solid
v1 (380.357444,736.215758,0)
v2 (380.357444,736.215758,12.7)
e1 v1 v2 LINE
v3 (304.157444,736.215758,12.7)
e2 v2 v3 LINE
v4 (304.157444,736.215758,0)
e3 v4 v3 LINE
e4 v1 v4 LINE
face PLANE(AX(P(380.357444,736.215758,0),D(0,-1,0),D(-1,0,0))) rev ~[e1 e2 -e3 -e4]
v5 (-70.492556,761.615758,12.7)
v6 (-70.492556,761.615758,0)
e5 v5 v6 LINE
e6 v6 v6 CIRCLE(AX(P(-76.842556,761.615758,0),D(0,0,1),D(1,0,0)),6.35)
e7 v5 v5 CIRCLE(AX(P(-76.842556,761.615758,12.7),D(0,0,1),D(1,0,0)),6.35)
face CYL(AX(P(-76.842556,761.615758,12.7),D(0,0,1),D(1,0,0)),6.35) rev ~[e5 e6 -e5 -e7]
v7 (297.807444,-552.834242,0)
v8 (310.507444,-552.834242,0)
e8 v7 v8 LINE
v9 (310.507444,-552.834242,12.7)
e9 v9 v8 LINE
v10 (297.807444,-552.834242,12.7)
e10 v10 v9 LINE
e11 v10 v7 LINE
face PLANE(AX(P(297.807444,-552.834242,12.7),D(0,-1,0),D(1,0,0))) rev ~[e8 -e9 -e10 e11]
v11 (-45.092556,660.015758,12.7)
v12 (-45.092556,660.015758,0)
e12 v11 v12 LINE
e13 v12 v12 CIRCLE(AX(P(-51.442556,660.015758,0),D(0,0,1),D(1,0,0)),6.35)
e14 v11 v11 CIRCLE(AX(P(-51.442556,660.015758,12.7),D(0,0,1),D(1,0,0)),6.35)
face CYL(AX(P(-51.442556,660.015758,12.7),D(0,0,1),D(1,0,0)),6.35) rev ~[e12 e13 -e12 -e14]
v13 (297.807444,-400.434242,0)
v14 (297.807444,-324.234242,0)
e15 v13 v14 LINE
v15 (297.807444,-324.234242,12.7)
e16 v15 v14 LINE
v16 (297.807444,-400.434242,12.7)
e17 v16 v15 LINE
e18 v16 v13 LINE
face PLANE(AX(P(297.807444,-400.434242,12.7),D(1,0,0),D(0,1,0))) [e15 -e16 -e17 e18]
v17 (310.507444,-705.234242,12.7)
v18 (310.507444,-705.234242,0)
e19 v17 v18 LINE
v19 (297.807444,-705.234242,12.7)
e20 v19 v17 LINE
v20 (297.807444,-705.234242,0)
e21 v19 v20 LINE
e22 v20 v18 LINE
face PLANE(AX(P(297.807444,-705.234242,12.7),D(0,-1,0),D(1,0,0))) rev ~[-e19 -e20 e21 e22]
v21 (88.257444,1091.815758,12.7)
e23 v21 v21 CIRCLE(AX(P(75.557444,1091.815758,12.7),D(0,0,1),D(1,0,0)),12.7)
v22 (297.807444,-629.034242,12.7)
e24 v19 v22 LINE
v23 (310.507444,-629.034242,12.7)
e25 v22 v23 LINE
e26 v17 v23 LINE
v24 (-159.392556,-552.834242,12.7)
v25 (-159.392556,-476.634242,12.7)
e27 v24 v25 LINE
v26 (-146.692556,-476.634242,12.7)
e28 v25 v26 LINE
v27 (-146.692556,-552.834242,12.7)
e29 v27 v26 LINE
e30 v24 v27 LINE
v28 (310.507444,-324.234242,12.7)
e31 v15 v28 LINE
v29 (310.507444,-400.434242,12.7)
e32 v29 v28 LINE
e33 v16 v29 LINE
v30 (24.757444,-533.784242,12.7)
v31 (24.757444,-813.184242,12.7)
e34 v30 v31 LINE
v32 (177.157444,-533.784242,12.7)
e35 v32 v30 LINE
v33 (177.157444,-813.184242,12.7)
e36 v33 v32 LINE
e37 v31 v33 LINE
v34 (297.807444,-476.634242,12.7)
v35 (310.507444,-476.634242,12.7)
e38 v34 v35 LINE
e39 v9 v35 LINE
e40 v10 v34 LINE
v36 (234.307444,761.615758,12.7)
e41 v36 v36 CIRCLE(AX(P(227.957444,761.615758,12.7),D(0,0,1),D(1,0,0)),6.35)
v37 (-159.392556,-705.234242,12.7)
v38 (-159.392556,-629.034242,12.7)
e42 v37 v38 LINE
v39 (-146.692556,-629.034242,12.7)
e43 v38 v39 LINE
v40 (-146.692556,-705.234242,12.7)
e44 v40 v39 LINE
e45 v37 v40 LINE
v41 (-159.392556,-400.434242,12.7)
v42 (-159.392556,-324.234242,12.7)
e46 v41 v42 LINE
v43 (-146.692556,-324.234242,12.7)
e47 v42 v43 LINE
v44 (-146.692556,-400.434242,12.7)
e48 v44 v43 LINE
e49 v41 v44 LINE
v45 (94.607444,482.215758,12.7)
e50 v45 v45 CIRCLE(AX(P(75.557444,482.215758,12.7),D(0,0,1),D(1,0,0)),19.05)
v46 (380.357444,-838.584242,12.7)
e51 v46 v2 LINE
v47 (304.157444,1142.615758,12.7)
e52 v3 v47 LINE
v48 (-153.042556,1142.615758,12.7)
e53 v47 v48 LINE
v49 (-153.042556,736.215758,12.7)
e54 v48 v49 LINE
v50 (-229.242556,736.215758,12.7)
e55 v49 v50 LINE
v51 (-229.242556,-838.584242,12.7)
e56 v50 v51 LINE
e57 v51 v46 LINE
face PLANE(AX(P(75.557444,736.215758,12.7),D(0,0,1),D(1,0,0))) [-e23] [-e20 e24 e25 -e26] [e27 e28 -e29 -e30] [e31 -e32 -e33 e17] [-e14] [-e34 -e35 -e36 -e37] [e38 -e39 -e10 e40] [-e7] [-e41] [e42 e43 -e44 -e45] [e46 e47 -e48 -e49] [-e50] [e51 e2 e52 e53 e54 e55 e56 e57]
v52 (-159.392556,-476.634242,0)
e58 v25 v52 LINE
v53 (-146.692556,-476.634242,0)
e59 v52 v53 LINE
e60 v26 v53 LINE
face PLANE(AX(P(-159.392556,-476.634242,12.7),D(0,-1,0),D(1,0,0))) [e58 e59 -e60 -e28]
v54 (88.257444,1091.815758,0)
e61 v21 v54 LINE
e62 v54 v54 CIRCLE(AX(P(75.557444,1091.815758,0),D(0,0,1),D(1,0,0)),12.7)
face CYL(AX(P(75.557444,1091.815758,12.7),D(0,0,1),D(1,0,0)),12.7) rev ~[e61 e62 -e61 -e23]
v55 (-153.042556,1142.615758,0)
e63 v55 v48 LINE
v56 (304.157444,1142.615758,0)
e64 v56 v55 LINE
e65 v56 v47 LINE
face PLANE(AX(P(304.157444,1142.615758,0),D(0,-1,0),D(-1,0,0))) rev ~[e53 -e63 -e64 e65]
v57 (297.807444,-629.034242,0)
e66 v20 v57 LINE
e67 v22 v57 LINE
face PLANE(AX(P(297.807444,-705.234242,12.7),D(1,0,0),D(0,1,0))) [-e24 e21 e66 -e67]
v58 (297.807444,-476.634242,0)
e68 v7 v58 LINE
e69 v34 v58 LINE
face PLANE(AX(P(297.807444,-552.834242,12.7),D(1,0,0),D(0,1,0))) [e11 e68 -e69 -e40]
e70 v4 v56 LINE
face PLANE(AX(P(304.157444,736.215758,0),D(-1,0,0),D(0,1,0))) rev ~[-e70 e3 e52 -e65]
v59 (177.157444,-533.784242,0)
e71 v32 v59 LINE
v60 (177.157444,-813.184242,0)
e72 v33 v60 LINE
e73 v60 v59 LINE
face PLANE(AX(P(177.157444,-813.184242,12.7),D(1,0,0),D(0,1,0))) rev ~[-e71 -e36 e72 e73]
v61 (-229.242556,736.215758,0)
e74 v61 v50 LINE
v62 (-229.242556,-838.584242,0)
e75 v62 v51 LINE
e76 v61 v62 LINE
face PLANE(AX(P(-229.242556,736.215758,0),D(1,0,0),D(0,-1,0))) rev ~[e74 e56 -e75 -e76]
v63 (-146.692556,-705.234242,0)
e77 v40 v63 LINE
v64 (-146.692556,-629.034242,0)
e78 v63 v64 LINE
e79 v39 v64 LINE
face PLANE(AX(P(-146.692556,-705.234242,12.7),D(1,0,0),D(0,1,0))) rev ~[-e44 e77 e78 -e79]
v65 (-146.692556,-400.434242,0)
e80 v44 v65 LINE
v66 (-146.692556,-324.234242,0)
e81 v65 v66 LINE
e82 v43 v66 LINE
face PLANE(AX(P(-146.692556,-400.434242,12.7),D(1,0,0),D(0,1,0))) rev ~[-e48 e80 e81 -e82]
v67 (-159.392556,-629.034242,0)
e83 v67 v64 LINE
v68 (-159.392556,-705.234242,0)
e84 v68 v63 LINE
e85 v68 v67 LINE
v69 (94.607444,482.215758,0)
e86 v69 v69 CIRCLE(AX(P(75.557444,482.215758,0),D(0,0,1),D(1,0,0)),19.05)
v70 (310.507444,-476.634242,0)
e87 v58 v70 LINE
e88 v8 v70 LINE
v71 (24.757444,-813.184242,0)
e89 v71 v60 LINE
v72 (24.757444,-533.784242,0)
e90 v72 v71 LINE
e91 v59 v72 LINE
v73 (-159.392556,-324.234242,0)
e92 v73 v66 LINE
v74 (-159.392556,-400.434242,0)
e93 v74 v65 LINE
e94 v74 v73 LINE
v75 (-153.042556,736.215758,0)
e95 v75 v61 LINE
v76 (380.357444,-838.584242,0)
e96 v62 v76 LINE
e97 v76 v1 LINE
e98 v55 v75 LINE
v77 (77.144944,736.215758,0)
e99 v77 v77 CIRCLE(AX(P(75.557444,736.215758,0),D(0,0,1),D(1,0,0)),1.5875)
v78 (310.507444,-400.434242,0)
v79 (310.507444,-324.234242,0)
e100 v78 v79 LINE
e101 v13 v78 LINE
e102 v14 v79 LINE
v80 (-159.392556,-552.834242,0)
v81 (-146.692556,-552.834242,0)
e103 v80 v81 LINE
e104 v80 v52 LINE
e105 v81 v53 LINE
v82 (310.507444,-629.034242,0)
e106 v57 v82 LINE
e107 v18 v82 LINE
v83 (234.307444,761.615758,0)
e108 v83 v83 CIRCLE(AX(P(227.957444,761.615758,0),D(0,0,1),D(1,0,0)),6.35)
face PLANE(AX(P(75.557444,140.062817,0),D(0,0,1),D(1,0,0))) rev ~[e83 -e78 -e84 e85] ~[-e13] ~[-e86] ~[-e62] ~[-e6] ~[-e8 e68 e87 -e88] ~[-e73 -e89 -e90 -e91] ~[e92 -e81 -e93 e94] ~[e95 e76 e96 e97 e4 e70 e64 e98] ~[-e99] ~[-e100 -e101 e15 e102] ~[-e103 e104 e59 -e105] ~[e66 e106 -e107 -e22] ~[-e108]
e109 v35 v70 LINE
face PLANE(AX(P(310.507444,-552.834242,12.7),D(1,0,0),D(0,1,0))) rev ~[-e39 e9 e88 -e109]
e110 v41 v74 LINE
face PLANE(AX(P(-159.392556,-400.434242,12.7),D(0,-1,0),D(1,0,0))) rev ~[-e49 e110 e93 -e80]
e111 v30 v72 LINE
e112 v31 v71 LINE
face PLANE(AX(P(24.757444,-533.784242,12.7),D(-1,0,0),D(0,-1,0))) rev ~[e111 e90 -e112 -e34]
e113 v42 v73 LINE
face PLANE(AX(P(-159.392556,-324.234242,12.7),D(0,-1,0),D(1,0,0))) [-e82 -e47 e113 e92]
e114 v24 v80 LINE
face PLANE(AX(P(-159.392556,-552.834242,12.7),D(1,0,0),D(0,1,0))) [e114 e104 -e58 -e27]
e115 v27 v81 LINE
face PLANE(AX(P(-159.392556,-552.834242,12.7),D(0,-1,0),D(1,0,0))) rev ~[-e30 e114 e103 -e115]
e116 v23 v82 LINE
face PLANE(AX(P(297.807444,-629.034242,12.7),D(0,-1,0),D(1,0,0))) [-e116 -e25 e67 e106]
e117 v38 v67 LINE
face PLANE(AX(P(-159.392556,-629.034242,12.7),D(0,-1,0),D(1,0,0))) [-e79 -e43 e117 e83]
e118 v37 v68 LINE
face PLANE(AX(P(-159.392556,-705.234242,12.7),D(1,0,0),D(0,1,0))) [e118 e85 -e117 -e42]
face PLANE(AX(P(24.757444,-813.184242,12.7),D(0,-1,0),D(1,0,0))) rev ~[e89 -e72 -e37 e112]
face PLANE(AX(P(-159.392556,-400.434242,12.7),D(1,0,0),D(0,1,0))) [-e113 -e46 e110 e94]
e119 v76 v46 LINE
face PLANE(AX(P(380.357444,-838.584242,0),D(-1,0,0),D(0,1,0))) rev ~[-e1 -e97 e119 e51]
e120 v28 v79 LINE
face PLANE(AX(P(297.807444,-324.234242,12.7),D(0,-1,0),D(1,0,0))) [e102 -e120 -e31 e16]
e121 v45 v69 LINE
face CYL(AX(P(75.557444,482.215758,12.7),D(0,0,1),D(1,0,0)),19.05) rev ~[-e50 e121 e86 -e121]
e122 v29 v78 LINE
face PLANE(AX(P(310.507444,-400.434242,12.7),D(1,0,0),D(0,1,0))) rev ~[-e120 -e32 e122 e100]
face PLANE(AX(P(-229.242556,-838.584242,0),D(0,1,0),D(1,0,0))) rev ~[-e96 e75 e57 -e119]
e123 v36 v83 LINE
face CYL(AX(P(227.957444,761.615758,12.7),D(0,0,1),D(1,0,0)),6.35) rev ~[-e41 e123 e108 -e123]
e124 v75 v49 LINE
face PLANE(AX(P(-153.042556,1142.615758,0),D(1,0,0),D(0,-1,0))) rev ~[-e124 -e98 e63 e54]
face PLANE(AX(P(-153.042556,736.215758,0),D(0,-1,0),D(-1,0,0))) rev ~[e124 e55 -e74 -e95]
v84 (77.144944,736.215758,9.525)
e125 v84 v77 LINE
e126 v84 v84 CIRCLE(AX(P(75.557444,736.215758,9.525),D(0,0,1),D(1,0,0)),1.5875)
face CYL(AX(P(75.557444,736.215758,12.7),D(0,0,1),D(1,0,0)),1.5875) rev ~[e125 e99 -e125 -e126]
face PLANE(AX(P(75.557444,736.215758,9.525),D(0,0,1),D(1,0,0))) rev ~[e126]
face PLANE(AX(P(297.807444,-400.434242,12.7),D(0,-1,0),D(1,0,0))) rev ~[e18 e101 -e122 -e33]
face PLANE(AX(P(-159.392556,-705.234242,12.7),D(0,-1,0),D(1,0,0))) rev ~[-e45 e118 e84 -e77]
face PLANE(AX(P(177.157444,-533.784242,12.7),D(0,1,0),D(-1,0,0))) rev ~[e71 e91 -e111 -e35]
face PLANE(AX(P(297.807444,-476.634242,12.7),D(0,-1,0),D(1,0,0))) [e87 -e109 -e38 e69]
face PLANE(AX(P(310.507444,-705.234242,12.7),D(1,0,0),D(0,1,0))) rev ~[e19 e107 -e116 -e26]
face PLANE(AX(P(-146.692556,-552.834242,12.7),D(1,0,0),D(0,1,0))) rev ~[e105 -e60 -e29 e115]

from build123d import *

# Parameters (mm, degrees)
F1_DEPTH = 12.7
F2_R     = 12.7
F3_DEPTH = 19.05
F4_W     = 12.7
F4_H     = 76.2
F4_R     = 6.35
F4_R_2   = 1.5875
F4_R_3   = 19.05
F5_DEPTH = 19.05
F6_DEPTH = 12.7
F7_R     = 1.5875
F8_DEPTH = 3.175


with BuildPart() as f1:
    # F0 (on Top) → F1 (new body)
    with BuildSketch(Plane.XY):
        Polygon((304.157444, 1142.615758), (-153.042556, 1142.615758), (-153.042556, 736.215758), (-229.242556, 736.215758), (-229.242556, -838.584242), (-63.805879, -838.584242), (380.357444, -838.584242), (380.357444, 736.215758), (304.157444, 736.215758), align=None)
    extrude(amount=F1_DEPTH)

    # F2 (on face) → F3 (cut)
    with BuildSketch(Plane.XY.offset(12.7)):
        Polygon((177.157444, -533.784242), (126.357444, -533.784242), (24.757444, -533.784242), (24.757444, -813.184242), (126.357444, -813.184242), (177.157444, -813.184242), align=None)
        with Locations((75.557444, 1091.815758)):
            Circle(F2_R)
    extrude(amount=-F3_DEPTH, mode=Mode.SUBTRACT)

    # F4 (on face) → F5 (cut)
    with BuildSketch(Plane.XY.offset(12.7)):
        with Locations((-153.042556, -667.134242)):
            Rectangle(F4_W, F4_H)
        with Locations((-153.042556, -514.734242)):
            Rectangle(F4_W, F4_H)
        with Locations((-153.042556, -362.334242)):
            Rectangle(F4_W, F4_H)
        with Locations((304.157444, -514.734242)):
            Rectangle(F4_W, F4_H)
        with Locations((304.157444, -667.134242)):
            Rectangle(F4_W, F4_H)
        with Locations((304.157444, -362.334242)):
            Rectangle(F4_W, F4_H)
        with Locations((227.957444, 761.615758)):
            Circle(F4_R)
        with Locations((-76.842556, 761.615758)):
            Circle(F4_R)
        with Locations((75.557444, 736.215758)):
            Circle(F4_R_2)
        with Locations((75.557444, 482.215758)):
            Circle(F4_R_3)
        with Locations((-51.442556, 660.015758)):
            Circle(F4_R)
    extrude(amount=-F5_DEPTH, mode=Mode.SUBTRACT)

    # F4 (on face) → F6 (cut)
    with BuildSketch(Plane.XY.offset(12.7)):
        with Locations((-153.042556, -667.134242)):
            Rectangle(F4_W, F4_H)
        with Locations((-153.042556, -514.734242)):
            Rectangle(F4_W, F4_H)
        with Locations((-153.042556, -362.334242)):
            Rectangle(F4_W, F4_H)
        with Locations((304.157444, -514.734242)):
            Rectangle(F4_W, F4_H)
        with Locations((304.157444, -667.134242)):
            Rectangle(F4_W, F4_H)
        with Locations((304.157444, -362.334242)):
            Rectangle(F4_W, F4_H)
        with Locations((227.957444, 761.615758)):
            Circle(F4_R)
        with Locations((-76.842556, 761.615758)):
            Circle(F4_R)
        with Locations((75.557444, 736.215758)):
            Circle(F4_R_2)
        with Locations((75.557444, 482.215758)):
            Circle(F4_R_3)
        with Locations((-51.442556, 660.015758)):
            Circle(F4_R)
    extrude(amount=-F6_DEPTH, mode=Mode.SUBTRACT)

    # F7 (on face) → F8 (join)
    with BuildSketch(Plane.XY.offset(12.7)):
        with Locations((75.557444, 736.215758)):
            Circle(F7_R)
    extrude(amount=-F8_DEPTH)


solid = f1.part
